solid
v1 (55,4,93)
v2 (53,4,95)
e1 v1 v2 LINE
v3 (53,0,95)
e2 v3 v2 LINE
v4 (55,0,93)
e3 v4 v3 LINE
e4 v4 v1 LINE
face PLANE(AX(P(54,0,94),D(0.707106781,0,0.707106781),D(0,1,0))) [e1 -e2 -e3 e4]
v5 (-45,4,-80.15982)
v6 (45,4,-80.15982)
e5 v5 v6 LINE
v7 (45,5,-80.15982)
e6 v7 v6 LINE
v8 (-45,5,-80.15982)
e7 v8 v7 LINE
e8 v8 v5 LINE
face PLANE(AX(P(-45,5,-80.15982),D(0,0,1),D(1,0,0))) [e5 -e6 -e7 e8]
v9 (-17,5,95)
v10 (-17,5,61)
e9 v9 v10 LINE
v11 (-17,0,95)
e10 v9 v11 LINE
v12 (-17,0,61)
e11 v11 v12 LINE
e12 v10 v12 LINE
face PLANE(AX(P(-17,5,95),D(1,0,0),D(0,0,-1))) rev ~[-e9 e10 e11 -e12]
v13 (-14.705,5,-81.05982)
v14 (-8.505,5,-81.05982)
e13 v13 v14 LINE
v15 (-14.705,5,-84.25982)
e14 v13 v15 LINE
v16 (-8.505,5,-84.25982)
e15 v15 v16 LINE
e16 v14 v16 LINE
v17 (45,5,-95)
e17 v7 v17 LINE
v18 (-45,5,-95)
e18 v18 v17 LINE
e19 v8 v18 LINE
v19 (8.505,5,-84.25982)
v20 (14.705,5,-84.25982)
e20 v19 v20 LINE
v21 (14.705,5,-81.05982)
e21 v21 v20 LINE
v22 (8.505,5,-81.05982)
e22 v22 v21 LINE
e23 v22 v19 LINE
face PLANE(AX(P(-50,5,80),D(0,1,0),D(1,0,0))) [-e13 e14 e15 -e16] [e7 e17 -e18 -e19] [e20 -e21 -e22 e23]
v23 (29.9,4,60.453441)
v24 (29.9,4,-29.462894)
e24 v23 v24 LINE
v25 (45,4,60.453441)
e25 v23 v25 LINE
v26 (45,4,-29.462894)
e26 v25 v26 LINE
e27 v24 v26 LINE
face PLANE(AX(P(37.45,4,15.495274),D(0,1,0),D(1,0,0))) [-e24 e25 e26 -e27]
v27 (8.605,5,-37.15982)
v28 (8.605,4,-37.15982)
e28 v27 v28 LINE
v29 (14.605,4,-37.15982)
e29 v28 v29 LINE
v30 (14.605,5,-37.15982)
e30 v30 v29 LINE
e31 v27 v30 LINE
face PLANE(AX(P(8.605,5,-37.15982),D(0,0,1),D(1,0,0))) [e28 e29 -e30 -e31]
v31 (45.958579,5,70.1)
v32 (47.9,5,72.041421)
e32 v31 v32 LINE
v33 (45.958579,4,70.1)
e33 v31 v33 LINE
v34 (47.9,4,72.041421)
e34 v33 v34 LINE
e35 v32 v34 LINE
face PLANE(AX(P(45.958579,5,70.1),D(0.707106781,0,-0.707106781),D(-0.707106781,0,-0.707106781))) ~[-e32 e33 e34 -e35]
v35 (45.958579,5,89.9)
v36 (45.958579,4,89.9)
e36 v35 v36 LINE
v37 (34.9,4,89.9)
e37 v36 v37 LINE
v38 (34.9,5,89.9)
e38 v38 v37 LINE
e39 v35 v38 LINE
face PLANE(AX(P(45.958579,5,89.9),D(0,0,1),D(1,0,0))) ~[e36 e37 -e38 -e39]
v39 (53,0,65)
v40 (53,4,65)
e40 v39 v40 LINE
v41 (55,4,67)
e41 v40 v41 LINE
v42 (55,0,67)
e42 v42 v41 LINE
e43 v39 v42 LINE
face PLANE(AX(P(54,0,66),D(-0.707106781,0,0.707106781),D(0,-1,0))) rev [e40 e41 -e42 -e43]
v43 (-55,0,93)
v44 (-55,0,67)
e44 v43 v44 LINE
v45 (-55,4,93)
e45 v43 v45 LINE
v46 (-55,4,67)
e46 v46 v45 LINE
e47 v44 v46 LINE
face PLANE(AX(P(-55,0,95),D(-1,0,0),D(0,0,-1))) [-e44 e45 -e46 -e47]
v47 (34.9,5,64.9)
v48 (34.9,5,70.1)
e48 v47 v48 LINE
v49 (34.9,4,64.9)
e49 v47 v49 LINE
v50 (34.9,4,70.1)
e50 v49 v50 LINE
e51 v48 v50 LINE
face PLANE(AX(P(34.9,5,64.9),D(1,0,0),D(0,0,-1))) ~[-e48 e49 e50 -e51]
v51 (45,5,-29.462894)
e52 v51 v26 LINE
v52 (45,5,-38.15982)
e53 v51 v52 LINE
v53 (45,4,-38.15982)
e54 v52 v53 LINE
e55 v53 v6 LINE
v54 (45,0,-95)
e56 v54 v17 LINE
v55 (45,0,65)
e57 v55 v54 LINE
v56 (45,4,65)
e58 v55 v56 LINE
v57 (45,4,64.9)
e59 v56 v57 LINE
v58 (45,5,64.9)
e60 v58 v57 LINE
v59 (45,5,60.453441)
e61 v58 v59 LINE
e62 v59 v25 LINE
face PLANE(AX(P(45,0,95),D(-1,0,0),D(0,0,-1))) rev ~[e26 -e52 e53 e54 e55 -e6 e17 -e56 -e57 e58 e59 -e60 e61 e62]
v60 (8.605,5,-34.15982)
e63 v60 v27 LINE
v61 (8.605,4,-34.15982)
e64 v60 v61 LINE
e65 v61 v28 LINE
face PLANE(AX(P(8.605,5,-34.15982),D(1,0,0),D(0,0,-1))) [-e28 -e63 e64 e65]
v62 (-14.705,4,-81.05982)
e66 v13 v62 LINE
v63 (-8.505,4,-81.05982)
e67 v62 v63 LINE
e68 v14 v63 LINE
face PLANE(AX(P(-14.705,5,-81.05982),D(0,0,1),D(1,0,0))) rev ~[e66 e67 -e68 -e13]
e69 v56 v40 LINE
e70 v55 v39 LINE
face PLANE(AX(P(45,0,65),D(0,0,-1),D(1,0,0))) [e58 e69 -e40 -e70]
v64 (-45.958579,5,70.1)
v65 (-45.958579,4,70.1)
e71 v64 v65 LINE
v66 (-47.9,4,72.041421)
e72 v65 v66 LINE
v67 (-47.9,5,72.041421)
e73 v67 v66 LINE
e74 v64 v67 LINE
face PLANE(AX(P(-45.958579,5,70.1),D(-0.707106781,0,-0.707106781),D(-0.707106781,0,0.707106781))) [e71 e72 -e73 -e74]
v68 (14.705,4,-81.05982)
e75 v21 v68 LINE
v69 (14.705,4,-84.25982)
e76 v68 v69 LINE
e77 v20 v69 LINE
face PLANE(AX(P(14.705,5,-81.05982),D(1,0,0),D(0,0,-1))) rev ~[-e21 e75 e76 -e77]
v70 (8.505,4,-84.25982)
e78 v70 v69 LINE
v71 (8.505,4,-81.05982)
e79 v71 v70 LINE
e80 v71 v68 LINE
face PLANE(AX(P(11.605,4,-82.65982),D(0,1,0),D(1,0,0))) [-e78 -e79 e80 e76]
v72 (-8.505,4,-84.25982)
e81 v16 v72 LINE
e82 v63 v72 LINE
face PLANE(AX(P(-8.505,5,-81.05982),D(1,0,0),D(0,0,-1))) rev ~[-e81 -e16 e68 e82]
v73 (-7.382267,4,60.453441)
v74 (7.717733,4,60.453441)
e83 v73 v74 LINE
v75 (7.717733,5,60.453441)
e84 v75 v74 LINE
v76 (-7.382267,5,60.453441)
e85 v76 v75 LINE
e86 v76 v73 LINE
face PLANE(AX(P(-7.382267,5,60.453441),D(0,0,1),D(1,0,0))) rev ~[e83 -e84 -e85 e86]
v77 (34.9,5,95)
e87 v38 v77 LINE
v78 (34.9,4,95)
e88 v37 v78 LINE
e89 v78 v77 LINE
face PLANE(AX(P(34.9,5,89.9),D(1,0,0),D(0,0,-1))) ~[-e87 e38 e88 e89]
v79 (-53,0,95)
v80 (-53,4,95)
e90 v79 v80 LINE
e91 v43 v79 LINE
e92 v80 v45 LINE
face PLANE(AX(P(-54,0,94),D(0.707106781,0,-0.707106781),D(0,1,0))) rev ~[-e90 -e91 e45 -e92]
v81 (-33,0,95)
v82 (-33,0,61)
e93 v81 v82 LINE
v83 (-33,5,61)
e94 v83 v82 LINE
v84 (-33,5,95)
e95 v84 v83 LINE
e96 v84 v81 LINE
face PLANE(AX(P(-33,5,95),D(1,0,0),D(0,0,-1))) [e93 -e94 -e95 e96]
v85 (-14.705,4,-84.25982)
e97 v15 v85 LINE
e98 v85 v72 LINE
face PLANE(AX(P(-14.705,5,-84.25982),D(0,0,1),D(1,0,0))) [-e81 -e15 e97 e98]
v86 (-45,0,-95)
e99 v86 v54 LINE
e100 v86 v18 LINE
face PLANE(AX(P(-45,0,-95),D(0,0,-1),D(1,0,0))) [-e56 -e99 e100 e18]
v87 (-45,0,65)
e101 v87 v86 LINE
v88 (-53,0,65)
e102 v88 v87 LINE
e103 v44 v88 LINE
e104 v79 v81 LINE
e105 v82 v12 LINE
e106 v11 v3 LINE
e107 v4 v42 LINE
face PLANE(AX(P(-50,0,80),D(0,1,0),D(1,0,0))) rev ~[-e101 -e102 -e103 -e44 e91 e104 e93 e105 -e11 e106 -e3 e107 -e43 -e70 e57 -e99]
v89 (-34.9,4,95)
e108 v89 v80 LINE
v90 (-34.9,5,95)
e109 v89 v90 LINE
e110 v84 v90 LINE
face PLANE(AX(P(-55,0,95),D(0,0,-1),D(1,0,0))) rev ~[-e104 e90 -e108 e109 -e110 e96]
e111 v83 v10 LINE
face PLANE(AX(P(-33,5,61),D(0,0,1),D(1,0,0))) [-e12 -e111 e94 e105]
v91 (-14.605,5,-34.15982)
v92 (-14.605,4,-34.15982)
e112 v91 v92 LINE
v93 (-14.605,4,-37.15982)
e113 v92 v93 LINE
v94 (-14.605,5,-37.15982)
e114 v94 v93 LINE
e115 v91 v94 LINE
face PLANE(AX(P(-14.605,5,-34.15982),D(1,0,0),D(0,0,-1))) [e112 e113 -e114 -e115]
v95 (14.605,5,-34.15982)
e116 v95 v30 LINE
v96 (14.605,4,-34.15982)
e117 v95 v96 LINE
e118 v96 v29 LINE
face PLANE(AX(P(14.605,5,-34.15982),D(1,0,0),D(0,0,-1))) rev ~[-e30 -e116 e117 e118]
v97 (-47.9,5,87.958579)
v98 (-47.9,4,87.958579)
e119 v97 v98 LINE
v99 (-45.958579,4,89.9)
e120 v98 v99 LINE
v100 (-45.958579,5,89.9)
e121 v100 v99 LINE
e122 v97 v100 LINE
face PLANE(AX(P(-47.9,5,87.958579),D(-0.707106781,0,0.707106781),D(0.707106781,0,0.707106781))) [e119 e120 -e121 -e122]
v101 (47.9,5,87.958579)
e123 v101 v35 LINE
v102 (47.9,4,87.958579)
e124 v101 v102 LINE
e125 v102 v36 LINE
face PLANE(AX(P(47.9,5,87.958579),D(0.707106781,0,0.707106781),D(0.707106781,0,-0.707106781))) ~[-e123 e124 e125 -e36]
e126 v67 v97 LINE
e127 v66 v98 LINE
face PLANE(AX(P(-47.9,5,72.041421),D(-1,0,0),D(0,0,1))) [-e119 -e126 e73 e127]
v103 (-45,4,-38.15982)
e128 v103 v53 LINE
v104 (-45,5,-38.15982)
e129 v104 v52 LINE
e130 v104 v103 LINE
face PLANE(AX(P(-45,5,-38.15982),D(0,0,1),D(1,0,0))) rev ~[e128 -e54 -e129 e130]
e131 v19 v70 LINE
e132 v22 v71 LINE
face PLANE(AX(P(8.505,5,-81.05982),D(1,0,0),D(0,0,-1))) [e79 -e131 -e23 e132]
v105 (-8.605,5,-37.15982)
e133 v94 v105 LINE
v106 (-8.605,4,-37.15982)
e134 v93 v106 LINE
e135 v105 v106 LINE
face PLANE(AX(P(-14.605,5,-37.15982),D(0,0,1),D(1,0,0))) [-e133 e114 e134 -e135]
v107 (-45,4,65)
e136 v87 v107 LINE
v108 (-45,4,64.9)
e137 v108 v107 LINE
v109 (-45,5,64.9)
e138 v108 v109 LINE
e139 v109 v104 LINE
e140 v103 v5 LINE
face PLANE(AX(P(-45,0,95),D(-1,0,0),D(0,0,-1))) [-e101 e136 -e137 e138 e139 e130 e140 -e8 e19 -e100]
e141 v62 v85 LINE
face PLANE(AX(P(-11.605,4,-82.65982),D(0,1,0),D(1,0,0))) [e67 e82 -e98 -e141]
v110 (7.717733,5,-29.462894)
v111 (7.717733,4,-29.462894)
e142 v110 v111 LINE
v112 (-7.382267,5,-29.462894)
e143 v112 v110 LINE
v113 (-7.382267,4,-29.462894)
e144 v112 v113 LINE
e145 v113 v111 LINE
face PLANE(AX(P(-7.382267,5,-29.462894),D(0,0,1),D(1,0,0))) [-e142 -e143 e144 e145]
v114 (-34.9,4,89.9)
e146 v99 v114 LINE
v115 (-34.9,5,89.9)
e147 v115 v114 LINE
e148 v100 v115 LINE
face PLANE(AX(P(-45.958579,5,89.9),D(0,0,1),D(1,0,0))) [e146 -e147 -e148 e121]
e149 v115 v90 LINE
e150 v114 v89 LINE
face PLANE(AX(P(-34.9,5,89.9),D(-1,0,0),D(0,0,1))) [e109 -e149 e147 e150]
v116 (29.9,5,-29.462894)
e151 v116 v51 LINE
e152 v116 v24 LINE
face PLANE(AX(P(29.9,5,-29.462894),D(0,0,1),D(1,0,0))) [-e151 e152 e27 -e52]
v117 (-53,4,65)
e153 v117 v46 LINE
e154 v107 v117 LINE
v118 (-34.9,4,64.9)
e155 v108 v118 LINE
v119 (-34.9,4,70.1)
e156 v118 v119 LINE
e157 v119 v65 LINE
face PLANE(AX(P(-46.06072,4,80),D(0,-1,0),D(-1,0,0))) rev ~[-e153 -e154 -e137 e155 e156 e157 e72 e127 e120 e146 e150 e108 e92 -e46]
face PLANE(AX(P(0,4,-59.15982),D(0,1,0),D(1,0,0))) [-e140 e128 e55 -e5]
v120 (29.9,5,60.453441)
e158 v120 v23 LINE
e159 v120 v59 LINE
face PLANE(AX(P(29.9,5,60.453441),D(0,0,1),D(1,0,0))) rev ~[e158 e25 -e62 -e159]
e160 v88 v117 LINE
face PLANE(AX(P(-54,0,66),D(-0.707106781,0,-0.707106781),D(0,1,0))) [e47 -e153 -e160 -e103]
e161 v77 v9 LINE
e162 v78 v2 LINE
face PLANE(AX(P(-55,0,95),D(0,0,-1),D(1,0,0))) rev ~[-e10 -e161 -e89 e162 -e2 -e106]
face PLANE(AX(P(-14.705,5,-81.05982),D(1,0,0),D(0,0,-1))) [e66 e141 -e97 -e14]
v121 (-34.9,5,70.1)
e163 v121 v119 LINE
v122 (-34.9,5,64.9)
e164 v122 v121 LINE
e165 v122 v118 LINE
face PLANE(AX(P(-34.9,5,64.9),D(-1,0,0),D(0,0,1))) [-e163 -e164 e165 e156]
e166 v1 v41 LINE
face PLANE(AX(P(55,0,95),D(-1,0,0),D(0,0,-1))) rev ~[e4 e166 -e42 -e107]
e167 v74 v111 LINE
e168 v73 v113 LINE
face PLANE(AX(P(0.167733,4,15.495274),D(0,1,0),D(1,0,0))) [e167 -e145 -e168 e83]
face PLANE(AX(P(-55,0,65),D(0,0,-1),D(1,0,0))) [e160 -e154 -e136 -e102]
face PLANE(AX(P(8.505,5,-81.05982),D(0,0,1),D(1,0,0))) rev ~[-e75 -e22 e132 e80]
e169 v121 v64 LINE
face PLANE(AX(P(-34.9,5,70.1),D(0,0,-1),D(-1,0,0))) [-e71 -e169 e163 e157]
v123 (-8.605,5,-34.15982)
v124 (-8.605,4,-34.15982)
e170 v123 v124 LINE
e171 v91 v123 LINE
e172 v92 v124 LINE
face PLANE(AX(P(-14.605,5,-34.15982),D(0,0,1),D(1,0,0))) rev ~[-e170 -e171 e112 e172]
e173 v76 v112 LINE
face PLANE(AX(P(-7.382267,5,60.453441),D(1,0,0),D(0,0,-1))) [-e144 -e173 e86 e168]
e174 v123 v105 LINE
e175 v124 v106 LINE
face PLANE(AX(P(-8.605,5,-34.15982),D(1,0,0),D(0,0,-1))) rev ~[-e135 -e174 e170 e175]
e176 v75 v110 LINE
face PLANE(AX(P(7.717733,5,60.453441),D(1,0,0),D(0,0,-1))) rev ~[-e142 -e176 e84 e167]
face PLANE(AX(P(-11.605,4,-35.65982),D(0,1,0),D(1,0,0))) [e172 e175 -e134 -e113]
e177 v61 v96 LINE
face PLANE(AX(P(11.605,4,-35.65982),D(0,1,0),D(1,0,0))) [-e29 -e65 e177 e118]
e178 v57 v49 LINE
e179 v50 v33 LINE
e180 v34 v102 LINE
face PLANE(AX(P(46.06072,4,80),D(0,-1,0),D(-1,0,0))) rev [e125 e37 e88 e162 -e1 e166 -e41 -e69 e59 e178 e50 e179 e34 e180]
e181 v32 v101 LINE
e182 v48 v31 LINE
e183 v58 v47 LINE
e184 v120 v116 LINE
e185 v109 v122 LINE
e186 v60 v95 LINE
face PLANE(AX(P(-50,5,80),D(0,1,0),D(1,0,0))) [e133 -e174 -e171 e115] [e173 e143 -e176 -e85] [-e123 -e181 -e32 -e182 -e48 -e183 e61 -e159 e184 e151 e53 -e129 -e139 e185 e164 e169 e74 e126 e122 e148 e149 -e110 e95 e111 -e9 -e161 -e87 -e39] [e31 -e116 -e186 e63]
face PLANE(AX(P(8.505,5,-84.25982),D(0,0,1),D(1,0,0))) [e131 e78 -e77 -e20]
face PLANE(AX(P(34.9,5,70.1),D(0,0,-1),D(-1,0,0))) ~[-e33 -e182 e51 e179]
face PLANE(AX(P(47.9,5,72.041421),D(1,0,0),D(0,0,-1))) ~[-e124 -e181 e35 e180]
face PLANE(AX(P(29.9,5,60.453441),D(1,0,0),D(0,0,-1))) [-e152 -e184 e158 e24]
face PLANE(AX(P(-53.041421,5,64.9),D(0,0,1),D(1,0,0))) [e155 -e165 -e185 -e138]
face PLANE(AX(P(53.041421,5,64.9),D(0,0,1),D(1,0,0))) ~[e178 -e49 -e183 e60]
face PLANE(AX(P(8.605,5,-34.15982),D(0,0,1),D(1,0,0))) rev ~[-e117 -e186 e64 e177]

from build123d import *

# Parameters (mm, degrees)
SKETCH1_W           = 90
SKETCH1_H           = 190
BOSS_EXTRUDE1_DEPTH = 5
SKETCH2_W           = 10
SKETCH2_H           = 30
BOSS_EXTRUDE2_DEPTH = 5
CHAMFER1_SIZE       = 2
SKETCH3_W           = 16
SKETCH3_H           = 34
CUT_EXTRUDE1_DEPTH  = 50
SKETCH4_W           = 90
SKETCH4_H           = 42
CUT_EXTRUDE2_DEPTH  = 1
CUT_EXTRUDE5_START  = 5
SKETCH5_W           = 6
SKETCH5_H           = 3
CUT_EXTRUDE5_DEPTH  = 1
SKETCH6_W           = 6.2
SKETCH6_H           = 3.2
CUT_EXTRUDE6_DEPTH  = 1
SKETCH7_W           = 15.1
SKETCH7_H           = 89.916335477
CUT_EXTRUDE7_DEPTH  = 1
CUT_EXTRUDE8_DEPTH  = 1


with BuildPart() as part:
    # Sketch1 → Boss-Extrude1 (new body)
    with BuildSketch(Plane(origin=(0, 0, 0), x_dir=(1, 0, 0), z_dir=(0, 1, 0))):
        Rectangle(SKETCH1_W, SKETCH1_H)
    extrude(amount=BOSS_EXTRUDE1_DEPTH)

    # Sketch2 → Boss-Extrude2 (add)
    with BuildSketch(Plane(origin=(0, 0, 0), x_dir=(1, 0, 0), z_dir=(0, 1, 0))):
        with Locations((-50, -80)):
            Rectangle(SKETCH2_W, SKETCH2_H)
        with Locations((50, -80)):
            Rectangle(SKETCH2_W, SKETCH2_H)
    extrude(amount=BOSS_EXTRUDE2_DEPTH)

    # Chamfer1
    chamfer1_edges = [part.edges().sort_by_distance(p)[0] for p in [
        (-55, 2.5, 65),
        (-55, 2.5, 95),
        (55, 2.5, 95),
        (55, 2.5, 65),
    ]]
    chamfer(chamfer1_edges, length=CHAMFER1_SIZE)

    # Sketch3 → Cut-Extrude1 (cut)
    with BuildSketch(Plane(origin=(0, 5, 0), x_dir=(1, 0, 0), z_dir=(0, 1, 0))):
        with Locations((-25, -78)):
            Rectangle(SKETCH3_W, SKETCH3_H)
    extrude(amount=-CUT_EXTRUDE1_DEPTH, mode=Mode.SUBTRACT)

    # Sketch4 → Cut-Extrude2 (cut)
    with BuildSketch(Plane(origin=(0, 5, 0), x_dir=(1, 0, 0), z_dir=(0, 1, 0))):
        with Locations((0, 59.159820088)):
            Rectangle(SKETCH4_W, SKETCH4_H)
    extrude(amount=-CUT_EXTRUDE2_DEPTH, mode=Mode.SUBTRACT)

    # Sketch5 → Cut-Extrude5 (cut)
    with BuildSketch(Plane(origin=(0, 0, 0), x_dir=(1, 0, 0), z_dir=(0, 1, 0)).offset(CUT_EXTRUDE5_START)):
        with Locations((-11.605, 35.659820088)):
            Rectangle(SKETCH5_W, SKETCH5_H)
        with Locations((-11.605, 82.659820088)):
            Rectangle(SKETCH5_W, SKETCH5_H)
        with Locations((11.605, 35.659820088)):
            Rectangle(SKETCH5_W, SKETCH5_H)
        with Locations((11.605, 82.659820088)):
            Rectangle(SKETCH5_W, SKETCH5_H)
    extrude(amount=-CUT_EXTRUDE5_DEPTH, mode=Mode.SUBTRACT)

    # Sketch6 → Cut-Extrude6 (cut)
    with BuildSketch(Plane(origin=(0, 5, 0), x_dir=(1, 0, 0), z_dir=(0, 1, 0))):
        with Locations((11.605, 82.659820088)):
            Rectangle(SKETCH6_W, SKETCH6_H)
        with Locations((-11.605, 82.659820088)):
            Rectangle(SKETCH6_W, SKETCH6_H)
    extrude(amount=-CUT_EXTRUDE6_DEPTH, mode=Mode.SUBTRACT)

    # Sketch7 → Cut-Extrude7 (cut)
    with BuildSketch(Plane(origin=(0, 5, 0), x_dir=(1, 0, 0), z_dir=(0, 1, 0))):
        with Locations((37.45, -15.495273531)):
            Rectangle(SKETCH7_W, SKETCH7_H)
        with Locations((0.16773297, -15.495273531)):
            Rectangle(SKETCH7_W, SKETCH7_H)
    extrude(amount=-CUT_EXTRUDE7_DEPTH, mode=Mode.SUBTRACT)

    # Sketch8 → Cut-Extrude8 (cut)
    with BuildSketch(Plane(origin=(0, 5, 0), x_dir=(1, 0, 0), z_dir=(0, 1, 0))):
        Polygon((-34.9, -70.1), (-45.958578644, -70.1), (-47.9, -72.041421356), (-47.9, -87.958578644), (-45.958578644, -89.9), (-34.9, -89.9), (-34.9, -95.1), (-53.041421356, -95.1), (-55.1, -93.041421356), (-55.1, -66.958578644), (-53.041421356, -64.9), (-34.9, -64.9), align=None)
    cut_extrude8 = extrude(amount=-CUT_EXTRUDE8_DEPTH, mode=Mode.SUBTRACT)

    # Mirror1: Cut-Extrude8 across plane
    add(cut_extrude8.mirror(Plane(origin=(0, 0, 0), x_dir=(0, 0, 1), z_dir=(1, 0, 0))), mode=Mode.SUBTRACT)


solid = part.part
